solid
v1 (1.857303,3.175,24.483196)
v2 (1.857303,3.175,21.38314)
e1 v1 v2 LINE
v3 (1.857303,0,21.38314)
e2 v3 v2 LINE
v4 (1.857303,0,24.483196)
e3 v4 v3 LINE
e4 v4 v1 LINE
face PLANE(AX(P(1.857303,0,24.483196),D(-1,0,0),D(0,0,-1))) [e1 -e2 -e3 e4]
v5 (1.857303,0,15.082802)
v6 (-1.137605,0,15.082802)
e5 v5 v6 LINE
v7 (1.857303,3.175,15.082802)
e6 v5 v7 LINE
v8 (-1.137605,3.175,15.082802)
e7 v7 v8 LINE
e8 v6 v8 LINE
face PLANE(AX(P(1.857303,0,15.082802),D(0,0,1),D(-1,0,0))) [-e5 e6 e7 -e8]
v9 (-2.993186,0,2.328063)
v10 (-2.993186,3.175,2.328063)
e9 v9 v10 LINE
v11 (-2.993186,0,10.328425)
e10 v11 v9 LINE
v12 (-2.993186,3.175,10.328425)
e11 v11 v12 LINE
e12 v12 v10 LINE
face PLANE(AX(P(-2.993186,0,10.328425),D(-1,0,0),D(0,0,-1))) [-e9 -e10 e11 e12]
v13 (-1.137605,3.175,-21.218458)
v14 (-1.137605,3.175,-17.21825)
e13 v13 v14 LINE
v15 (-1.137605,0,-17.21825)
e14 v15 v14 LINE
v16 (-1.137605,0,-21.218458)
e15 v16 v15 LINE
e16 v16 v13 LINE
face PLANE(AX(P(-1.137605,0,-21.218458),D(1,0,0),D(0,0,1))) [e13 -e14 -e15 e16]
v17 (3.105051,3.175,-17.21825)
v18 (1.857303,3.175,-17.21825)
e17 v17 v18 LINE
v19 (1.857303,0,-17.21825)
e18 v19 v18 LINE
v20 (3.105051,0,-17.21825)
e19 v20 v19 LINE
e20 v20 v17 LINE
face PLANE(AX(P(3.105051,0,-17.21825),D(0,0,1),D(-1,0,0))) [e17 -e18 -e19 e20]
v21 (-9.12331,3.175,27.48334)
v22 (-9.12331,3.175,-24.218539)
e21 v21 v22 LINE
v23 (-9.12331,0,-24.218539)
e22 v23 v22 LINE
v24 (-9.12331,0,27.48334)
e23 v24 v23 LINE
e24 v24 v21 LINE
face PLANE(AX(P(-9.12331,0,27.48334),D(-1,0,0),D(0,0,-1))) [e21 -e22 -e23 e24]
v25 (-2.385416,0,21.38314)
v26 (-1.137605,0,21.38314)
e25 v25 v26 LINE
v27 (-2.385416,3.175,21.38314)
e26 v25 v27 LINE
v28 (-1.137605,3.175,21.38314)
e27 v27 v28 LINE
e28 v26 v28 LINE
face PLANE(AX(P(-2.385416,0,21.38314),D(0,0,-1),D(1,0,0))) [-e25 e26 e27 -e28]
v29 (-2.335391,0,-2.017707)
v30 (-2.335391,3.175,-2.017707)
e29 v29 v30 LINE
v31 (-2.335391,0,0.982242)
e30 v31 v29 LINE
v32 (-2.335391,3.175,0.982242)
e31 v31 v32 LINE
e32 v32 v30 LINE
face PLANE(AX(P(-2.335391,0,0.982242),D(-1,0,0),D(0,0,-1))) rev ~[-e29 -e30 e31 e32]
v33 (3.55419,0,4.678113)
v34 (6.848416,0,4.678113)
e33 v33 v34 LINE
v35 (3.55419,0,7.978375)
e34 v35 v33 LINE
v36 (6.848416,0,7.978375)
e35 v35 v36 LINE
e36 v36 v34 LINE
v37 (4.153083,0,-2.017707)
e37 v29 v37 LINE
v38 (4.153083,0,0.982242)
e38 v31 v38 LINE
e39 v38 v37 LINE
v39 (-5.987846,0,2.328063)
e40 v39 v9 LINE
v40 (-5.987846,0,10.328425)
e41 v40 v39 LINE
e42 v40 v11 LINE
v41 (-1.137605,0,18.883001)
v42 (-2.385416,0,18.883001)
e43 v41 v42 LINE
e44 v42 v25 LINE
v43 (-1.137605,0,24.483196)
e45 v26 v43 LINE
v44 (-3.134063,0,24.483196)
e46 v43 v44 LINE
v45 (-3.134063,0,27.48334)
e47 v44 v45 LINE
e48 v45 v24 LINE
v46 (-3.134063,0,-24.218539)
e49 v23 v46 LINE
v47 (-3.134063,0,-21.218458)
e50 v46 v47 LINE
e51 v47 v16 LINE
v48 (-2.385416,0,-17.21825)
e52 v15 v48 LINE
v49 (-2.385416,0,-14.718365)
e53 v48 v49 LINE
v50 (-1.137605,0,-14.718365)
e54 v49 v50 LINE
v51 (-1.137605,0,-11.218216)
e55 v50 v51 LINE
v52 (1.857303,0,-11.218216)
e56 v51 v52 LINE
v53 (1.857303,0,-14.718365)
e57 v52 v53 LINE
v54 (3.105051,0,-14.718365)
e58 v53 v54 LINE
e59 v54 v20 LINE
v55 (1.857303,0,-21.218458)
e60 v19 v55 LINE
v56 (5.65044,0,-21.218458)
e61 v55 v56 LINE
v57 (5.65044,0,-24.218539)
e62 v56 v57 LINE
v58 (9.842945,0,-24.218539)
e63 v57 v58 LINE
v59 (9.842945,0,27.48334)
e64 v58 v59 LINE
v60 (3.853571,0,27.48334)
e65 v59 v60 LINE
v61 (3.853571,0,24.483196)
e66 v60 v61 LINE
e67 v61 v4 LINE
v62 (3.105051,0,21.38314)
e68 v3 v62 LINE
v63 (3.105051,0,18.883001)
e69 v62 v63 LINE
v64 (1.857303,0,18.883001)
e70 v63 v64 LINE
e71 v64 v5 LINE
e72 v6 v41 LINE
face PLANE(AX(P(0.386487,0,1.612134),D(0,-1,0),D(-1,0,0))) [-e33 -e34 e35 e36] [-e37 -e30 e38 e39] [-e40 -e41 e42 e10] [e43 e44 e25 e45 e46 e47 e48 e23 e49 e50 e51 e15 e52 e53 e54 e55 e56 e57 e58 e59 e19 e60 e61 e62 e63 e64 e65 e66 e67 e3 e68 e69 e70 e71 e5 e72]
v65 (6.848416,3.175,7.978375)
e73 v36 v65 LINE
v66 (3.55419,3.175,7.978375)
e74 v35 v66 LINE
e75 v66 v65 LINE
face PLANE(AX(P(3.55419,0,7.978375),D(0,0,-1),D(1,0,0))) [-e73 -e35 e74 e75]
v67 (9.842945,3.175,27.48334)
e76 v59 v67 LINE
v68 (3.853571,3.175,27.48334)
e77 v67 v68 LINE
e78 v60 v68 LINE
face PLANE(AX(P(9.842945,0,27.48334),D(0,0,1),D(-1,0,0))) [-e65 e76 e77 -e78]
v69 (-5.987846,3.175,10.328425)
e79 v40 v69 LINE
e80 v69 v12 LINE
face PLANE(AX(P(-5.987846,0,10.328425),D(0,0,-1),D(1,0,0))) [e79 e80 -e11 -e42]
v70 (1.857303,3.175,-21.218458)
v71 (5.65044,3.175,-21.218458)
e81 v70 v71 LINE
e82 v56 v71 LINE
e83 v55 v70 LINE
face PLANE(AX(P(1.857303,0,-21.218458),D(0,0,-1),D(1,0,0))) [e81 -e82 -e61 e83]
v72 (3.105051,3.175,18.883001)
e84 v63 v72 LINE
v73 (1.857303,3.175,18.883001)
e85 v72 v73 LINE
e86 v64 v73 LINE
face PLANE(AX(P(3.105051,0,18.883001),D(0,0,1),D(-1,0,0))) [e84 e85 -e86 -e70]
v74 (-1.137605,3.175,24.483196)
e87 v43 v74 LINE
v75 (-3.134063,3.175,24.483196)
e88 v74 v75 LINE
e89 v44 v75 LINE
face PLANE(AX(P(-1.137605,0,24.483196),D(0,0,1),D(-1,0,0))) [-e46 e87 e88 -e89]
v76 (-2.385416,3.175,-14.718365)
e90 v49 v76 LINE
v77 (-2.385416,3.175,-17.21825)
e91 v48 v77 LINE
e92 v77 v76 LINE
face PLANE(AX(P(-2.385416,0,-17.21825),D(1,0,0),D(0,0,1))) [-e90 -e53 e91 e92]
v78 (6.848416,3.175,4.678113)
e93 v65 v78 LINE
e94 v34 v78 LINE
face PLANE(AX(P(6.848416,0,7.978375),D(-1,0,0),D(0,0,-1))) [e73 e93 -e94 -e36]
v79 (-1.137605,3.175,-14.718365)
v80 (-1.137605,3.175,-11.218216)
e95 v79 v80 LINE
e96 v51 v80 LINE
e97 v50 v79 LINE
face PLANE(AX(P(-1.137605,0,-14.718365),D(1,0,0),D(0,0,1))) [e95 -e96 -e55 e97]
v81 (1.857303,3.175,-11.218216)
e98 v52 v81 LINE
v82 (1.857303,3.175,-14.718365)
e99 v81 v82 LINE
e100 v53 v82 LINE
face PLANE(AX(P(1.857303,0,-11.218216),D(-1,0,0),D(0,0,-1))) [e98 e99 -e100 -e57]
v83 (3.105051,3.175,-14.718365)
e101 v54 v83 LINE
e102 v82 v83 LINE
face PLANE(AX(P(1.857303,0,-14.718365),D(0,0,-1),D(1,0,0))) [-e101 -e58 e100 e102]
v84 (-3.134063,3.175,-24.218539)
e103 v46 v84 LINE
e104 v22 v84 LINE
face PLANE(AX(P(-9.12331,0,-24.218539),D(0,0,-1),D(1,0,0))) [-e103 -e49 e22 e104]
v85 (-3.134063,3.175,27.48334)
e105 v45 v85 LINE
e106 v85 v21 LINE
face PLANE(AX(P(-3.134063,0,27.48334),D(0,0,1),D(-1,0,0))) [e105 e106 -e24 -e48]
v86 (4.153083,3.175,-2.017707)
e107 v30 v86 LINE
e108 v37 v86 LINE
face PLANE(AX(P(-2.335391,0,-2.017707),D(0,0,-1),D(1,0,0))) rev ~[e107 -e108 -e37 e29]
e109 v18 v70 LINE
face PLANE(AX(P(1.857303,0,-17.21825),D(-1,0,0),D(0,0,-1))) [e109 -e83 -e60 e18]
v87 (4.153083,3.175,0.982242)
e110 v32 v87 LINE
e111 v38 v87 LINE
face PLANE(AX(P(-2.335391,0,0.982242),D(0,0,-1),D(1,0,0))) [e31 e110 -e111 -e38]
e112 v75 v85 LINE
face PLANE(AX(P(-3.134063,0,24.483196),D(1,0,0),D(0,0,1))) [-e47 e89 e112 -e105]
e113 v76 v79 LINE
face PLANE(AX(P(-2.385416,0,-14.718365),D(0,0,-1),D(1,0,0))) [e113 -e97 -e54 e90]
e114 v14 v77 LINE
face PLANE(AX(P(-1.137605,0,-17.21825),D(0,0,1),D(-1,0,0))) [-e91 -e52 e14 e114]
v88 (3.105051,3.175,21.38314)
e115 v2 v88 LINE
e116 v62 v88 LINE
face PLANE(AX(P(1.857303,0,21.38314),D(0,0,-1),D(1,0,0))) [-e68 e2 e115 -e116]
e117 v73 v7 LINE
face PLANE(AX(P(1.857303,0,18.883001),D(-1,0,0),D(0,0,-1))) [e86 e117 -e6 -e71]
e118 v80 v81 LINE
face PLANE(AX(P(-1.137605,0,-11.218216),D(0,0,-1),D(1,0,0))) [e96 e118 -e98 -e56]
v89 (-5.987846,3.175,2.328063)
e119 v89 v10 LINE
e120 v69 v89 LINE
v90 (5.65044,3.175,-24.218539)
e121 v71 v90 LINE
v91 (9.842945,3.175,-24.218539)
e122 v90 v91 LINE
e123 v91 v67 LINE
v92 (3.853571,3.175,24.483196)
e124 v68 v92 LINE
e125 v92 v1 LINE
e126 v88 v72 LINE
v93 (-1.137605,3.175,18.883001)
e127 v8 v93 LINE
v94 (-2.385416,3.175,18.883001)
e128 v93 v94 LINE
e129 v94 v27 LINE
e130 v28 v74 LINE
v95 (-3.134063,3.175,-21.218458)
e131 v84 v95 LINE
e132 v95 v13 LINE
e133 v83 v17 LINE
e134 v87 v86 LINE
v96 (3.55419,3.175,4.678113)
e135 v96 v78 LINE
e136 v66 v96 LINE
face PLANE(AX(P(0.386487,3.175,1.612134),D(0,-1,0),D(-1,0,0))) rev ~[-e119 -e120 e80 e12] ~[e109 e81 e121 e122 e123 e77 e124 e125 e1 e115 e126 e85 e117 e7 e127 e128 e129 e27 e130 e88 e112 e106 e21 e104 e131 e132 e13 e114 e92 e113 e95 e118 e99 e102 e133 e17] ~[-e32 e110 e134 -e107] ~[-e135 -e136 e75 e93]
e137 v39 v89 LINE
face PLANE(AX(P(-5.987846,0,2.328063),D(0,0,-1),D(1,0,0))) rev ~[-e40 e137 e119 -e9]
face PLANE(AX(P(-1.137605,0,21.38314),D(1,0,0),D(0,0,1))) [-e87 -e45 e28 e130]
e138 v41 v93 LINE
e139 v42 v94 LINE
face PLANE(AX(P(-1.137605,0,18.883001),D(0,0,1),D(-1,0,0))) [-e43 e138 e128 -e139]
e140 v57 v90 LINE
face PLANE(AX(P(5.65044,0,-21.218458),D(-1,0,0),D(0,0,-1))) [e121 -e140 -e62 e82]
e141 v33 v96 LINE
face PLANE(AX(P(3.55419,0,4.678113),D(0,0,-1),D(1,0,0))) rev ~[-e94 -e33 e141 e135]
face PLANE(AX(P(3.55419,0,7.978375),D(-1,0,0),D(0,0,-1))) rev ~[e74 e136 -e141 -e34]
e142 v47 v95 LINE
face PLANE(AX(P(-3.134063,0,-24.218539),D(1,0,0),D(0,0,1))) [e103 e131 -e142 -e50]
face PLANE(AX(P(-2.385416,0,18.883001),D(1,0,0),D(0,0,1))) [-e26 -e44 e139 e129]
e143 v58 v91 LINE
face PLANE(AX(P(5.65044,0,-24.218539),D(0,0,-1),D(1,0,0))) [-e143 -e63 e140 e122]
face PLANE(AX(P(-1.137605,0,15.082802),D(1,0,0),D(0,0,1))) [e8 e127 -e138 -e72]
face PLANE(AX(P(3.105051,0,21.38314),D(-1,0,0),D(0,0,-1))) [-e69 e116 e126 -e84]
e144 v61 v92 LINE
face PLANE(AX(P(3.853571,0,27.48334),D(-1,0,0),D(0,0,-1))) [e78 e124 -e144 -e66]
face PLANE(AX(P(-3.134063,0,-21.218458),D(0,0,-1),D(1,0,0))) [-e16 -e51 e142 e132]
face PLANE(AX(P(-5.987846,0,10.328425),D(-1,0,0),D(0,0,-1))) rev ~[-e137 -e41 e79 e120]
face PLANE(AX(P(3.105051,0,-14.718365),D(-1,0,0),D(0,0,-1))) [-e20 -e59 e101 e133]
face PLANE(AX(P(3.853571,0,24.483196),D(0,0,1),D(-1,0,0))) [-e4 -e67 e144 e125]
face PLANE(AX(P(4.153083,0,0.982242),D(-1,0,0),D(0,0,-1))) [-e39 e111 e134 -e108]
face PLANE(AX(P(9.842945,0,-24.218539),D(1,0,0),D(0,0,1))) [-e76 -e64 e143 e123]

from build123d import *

# Parameters (mm, degrees)
SKETCH1_W           = 2.994660031
SKETCH1_H           = 8.000362858
SKETCH1_W_2         = 3.294225957
SKETCH1_H_2         = 3.300262419
SKETCH1_W_3         = 6.488474747
SKETCH1_H_3         = 2.999948682
BOSS_EXTRUDE1_DEPTH = 3.175


with BuildPart() as part:
    # Sketch1 → Boss-Extrude1 (new body)
    with BuildSketch(Plane(origin=(0, 0, 0), x_dir=(1, 0, 0), z_dir=(0, 1, 0))):
        Polygon((-3.134063131, -27.4833399), (-9.123310076, -27.4833399), (-9.123310076, 24.218538917), (-3.134063129, 24.218538917), (-3.134063129, 21.21845839), (-1.137605236, 21.21845839), (-1.137605236, 17.218250104), (-2.3854164, 17.218250104), (-2.3854164, 14.718365303), (-1.137605236, 14.718365303), (-1.137605236, 11.218216013), (1.857303385, 11.218216013), (1.857303385, 14.718365303), (3.105051182, 14.718365303), (3.105051182, 17.218250104), (1.857303385, 17.218250104), (1.857303385, 21.21845839), (5.650440312, 21.21845839), (5.650440312, 24.218538917), (9.842944855, 24.218538917), (9.842944855, -27.4833399), (3.853571177, -27.4833399), (3.853571177, -24.483195893), (1.857303382, -24.483195893), (1.857303382, -21.383140191), (3.10505118, -21.383140191), (3.10505118, -18.883001466), (1.857303382, -18.883001466), (1.857303382, -15.082802129), (-1.137605238, -15.082802129), (-1.137605238, -18.883001466), (-2.385416402, -18.883001466), (-2.385416402, -21.383140191), (-1.137605238, -21.383140191), (-1.137605238, -24.483195893), (-3.134063131, -24.483195893), align=None)
        with Locations((-4.490515563, -6.328244045)):
            Rectangle(SKETCH1_W, SKETCH1_H, mode=Mode.SUBTRACT)
        with Locations((5.201303454, -6.328244045)):
            Rectangle(SKETCH1_W_2, SKETCH1_H_2, mode=Mode.SUBTRACT)
        with Locations((0.908846113, 0.517732338)):
            Rectangle(SKETCH1_W_3, SKETCH1_H_3, mode=Mode.SUBTRACT)
    extrude(amount=BOSS_EXTRUDE1_DEPTH)


solid = part.part
